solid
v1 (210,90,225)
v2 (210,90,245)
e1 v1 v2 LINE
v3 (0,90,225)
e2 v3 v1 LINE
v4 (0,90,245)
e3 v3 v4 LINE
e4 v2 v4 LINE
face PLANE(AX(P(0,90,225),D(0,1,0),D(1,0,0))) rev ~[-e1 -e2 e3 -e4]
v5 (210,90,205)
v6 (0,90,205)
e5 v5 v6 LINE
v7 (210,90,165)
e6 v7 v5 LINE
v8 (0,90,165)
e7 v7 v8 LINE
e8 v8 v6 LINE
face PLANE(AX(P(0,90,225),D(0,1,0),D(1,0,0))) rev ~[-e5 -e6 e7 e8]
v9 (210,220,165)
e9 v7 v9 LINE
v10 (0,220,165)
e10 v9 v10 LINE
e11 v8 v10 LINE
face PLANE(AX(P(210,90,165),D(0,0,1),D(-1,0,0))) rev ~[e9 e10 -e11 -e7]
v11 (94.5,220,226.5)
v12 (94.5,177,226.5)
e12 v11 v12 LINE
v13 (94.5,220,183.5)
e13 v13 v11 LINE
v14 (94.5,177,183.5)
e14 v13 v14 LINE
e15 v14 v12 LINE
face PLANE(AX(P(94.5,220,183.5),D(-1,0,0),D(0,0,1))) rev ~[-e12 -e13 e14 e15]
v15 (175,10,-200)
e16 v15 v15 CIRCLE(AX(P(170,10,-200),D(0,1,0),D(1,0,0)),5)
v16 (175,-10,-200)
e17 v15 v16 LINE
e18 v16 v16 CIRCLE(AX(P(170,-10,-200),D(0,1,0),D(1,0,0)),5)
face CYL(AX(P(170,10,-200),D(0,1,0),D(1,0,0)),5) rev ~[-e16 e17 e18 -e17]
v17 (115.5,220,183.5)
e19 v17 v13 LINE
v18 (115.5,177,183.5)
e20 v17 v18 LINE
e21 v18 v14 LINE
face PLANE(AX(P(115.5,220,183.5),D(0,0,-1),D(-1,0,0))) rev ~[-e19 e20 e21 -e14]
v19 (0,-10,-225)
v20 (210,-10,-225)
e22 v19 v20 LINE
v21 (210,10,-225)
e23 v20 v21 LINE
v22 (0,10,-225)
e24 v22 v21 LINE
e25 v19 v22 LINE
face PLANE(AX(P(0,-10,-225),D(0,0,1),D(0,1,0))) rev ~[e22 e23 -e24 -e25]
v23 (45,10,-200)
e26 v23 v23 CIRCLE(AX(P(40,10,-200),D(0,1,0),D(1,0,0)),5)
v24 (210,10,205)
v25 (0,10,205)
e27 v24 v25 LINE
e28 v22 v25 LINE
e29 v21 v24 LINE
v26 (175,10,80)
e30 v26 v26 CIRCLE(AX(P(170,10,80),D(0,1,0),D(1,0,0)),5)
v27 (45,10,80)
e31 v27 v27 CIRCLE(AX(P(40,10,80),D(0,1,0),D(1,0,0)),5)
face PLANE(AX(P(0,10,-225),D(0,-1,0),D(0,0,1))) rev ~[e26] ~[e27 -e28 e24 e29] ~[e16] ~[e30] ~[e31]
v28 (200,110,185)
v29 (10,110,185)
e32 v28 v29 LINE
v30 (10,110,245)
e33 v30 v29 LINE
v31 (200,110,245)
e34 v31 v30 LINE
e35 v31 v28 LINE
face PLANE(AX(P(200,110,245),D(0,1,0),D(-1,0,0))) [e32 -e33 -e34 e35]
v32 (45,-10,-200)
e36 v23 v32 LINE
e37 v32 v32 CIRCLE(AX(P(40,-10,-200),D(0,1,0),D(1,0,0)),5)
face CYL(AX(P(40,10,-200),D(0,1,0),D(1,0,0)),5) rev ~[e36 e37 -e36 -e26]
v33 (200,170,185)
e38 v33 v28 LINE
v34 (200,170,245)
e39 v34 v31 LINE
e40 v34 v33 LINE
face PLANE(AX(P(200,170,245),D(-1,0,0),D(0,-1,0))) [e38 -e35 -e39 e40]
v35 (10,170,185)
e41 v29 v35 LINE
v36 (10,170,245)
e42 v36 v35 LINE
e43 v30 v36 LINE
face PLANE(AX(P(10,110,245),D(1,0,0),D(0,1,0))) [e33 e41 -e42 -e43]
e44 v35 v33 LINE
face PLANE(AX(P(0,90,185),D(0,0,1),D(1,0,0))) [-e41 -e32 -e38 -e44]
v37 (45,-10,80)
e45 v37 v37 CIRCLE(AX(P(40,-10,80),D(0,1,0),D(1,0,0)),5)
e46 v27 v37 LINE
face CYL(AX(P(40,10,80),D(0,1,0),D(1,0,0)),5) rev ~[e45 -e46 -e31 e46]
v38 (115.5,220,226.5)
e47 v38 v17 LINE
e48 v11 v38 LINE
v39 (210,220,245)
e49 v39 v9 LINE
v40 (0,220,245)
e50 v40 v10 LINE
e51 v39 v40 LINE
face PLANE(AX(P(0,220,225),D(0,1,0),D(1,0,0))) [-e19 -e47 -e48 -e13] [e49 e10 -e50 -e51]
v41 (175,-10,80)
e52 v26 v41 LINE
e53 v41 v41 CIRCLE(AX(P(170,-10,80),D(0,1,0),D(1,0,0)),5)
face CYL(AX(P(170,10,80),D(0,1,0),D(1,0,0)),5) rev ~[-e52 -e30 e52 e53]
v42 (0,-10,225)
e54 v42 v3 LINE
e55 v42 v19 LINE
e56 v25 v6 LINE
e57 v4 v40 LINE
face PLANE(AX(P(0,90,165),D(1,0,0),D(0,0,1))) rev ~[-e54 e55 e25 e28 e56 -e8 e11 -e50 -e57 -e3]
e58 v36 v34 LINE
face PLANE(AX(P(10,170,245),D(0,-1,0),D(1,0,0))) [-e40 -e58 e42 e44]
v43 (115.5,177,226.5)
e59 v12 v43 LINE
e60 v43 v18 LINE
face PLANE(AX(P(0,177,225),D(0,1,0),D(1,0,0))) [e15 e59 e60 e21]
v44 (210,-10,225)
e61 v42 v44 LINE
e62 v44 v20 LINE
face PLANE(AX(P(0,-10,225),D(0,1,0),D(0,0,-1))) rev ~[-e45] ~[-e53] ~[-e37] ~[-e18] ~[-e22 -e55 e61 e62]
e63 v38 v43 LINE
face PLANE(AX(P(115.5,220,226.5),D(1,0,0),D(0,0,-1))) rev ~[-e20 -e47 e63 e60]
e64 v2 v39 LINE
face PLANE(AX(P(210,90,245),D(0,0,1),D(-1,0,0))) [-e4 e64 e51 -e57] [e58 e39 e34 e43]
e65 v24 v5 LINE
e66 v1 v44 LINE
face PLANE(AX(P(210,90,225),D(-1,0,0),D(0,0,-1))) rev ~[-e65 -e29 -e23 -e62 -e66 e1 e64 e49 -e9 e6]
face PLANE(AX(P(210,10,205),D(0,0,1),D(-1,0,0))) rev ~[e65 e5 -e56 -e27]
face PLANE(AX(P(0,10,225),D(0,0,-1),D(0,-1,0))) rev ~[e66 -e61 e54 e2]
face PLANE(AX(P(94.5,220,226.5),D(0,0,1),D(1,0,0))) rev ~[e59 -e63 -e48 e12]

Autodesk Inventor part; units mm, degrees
ref_plane "YZ Plane" through (0, 0, 0) normal (1, 0, 0) x (0, 1, 0)
ref_plane "XZ Plane" through (0, 0, 0) normal (0, 1, 0) x (-1, 0, 0)
ref_plane "XY Plane" through (0, 0, 0) normal (0, 0, 1) x (1, 0, 0)
sketch "Boceto1" plane through (0, 0, 0) normal (1, 0, 0) x (0, 1, 0)
  line L0 (10, 225) -> (-10, 225)
  line L1 (-10, 225) -> (-10, -225)
  line L2 (-10, -225) -> (10, -225)
  line L3 (10, -225) -> (10, 225)
  line L4 (10, 225) -> (-10, -225) construction
  line L5 (-10, 225) -> (10, -225) construction
  point P0 (0, 0)
  dimension "d0" = 20
  dimension "d1" = 450
extrude "Extrusión1" add sketch "Boceto1" along normal blind 210
sketch "Boceto2" plane through (0, 10, 225) normal (0, 1, 0) x (1, 0, 0)
  line L0 (0, 0) -> (0, 450) projected
  line L1 (210, 0) -> (210, 450) projected
  line L2 (0, 0) -> (210, 0)
  line L3 (210, 0) -> (210, 20)
  line L4 (210, 20) -> (0, 20)
  line L5 (0, 20) -> (0, 0)
  point P0 (0, 225)
  dimension "d4" = 20
extrude "Extrusión2" add sketch "Boceto2" along normal blind 80
sketch "Boceto3" plane through (0, 90, 225) normal (0, 1, 0) x (1, 0, 0)
  line L0 (0, 0) -> (210, 0) projected
  line L1 (0, 0) -> (210, 0)
  line L2 (210, 0) -> (210, -20)
  line L3 (210, -20) -> (0, -20)
  line L4 (0, -20) -> (0, 0)
  line L5 (0, 0) -> (210, 0)
  line L6 (210, 0) -> (210, 60)
  line L7 (210, 60) -> (0, 60)
  line L8 (0, 60) -> (0, 0)
  point P0 (0, 225)
  dimension "d7" = 20
  dimension "d8" = 210
  dimension "d9" = 60
extrude "Extrusión3" add sketch "Boceto3" along normal blind 130
sketch "Boceto4" plane through (0, 90, 245) normal (0, 0, 1) x (1, 0, 0)
  line L0 (10, 80) -> (200, 80)
  line L1 (200, 80) -> (200, 20)
  line L2 (200, 20) -> (10, 20)
  line L3 (10, 20) -> (10, 80)
  point P0 (0, -90)
  point P1 (0, 130)
  point P2 (210, 0)
  dimension "d12" = 190
  dimension "d13" = 60
extrude "Extrusión4" cut sketch "Boceto4" against normal blind 60
sketch "Boceto5" plane through (0, 220, 225) normal (0, 1, 0) x (1, 0, 0)
  line L0 (94.5, -1.5) -> (115.5, -1.5)
  line L1 (115.5, -1.5) -> (115.5, 41.5)
  line L2 (115.5, 41.5) -> (94.5, 41.5)
  line L3 (94.5, 41.5) -> (94.5, -1.5)
  line L4 (94.5, -1.5) -> (115.5, 41.5) construction
  line L5 (115.5, -1.5) -> (94.5, 41.5) construction
  point P0 (0, 225)
  point P1 (105, 20)
  dimension "d18" = 21
  dimension "d19" = 43
extrude "Extrusión5" cut sketch "Boceto5" against normal blind 43
sketch "Boceto6" plane through (0, 10, -225) normal (0, 1, 0) x (1, 0, 0)
  circle A0 centre (40, -305) radius 5
  circle A1 centre (40, -25) radius 5
  circle A2 centre (170, -305) radius 5
  circle A3 centre (170, -25) radius 5
  line L0 (0, -470) -> (210, -470) projected
  line L1 (0, 0) -> (210, 0) projected
  line L2 (0, 0) -> (0, -430) projected
  line L3 (210, 0) -> (210, -430) projected
  point P0 (0, -225)
  dimension "d23" = 10
  dimension "d24" = 10
  dimension "d25" = 10
  dimension "d26" = 10
  dimension "d27" = 165
  dimension "d28" = 25
  dimension "d29" = 25
  dimension "d30" = 165
  dimension "d31" = 40
  dimension "d32" = 40
  dimension "d33" = 40
  dimension "d34" = 40
extrude "Extrusión6" cut sketch "Boceto6" against normal blind 43
properties part number "base"
